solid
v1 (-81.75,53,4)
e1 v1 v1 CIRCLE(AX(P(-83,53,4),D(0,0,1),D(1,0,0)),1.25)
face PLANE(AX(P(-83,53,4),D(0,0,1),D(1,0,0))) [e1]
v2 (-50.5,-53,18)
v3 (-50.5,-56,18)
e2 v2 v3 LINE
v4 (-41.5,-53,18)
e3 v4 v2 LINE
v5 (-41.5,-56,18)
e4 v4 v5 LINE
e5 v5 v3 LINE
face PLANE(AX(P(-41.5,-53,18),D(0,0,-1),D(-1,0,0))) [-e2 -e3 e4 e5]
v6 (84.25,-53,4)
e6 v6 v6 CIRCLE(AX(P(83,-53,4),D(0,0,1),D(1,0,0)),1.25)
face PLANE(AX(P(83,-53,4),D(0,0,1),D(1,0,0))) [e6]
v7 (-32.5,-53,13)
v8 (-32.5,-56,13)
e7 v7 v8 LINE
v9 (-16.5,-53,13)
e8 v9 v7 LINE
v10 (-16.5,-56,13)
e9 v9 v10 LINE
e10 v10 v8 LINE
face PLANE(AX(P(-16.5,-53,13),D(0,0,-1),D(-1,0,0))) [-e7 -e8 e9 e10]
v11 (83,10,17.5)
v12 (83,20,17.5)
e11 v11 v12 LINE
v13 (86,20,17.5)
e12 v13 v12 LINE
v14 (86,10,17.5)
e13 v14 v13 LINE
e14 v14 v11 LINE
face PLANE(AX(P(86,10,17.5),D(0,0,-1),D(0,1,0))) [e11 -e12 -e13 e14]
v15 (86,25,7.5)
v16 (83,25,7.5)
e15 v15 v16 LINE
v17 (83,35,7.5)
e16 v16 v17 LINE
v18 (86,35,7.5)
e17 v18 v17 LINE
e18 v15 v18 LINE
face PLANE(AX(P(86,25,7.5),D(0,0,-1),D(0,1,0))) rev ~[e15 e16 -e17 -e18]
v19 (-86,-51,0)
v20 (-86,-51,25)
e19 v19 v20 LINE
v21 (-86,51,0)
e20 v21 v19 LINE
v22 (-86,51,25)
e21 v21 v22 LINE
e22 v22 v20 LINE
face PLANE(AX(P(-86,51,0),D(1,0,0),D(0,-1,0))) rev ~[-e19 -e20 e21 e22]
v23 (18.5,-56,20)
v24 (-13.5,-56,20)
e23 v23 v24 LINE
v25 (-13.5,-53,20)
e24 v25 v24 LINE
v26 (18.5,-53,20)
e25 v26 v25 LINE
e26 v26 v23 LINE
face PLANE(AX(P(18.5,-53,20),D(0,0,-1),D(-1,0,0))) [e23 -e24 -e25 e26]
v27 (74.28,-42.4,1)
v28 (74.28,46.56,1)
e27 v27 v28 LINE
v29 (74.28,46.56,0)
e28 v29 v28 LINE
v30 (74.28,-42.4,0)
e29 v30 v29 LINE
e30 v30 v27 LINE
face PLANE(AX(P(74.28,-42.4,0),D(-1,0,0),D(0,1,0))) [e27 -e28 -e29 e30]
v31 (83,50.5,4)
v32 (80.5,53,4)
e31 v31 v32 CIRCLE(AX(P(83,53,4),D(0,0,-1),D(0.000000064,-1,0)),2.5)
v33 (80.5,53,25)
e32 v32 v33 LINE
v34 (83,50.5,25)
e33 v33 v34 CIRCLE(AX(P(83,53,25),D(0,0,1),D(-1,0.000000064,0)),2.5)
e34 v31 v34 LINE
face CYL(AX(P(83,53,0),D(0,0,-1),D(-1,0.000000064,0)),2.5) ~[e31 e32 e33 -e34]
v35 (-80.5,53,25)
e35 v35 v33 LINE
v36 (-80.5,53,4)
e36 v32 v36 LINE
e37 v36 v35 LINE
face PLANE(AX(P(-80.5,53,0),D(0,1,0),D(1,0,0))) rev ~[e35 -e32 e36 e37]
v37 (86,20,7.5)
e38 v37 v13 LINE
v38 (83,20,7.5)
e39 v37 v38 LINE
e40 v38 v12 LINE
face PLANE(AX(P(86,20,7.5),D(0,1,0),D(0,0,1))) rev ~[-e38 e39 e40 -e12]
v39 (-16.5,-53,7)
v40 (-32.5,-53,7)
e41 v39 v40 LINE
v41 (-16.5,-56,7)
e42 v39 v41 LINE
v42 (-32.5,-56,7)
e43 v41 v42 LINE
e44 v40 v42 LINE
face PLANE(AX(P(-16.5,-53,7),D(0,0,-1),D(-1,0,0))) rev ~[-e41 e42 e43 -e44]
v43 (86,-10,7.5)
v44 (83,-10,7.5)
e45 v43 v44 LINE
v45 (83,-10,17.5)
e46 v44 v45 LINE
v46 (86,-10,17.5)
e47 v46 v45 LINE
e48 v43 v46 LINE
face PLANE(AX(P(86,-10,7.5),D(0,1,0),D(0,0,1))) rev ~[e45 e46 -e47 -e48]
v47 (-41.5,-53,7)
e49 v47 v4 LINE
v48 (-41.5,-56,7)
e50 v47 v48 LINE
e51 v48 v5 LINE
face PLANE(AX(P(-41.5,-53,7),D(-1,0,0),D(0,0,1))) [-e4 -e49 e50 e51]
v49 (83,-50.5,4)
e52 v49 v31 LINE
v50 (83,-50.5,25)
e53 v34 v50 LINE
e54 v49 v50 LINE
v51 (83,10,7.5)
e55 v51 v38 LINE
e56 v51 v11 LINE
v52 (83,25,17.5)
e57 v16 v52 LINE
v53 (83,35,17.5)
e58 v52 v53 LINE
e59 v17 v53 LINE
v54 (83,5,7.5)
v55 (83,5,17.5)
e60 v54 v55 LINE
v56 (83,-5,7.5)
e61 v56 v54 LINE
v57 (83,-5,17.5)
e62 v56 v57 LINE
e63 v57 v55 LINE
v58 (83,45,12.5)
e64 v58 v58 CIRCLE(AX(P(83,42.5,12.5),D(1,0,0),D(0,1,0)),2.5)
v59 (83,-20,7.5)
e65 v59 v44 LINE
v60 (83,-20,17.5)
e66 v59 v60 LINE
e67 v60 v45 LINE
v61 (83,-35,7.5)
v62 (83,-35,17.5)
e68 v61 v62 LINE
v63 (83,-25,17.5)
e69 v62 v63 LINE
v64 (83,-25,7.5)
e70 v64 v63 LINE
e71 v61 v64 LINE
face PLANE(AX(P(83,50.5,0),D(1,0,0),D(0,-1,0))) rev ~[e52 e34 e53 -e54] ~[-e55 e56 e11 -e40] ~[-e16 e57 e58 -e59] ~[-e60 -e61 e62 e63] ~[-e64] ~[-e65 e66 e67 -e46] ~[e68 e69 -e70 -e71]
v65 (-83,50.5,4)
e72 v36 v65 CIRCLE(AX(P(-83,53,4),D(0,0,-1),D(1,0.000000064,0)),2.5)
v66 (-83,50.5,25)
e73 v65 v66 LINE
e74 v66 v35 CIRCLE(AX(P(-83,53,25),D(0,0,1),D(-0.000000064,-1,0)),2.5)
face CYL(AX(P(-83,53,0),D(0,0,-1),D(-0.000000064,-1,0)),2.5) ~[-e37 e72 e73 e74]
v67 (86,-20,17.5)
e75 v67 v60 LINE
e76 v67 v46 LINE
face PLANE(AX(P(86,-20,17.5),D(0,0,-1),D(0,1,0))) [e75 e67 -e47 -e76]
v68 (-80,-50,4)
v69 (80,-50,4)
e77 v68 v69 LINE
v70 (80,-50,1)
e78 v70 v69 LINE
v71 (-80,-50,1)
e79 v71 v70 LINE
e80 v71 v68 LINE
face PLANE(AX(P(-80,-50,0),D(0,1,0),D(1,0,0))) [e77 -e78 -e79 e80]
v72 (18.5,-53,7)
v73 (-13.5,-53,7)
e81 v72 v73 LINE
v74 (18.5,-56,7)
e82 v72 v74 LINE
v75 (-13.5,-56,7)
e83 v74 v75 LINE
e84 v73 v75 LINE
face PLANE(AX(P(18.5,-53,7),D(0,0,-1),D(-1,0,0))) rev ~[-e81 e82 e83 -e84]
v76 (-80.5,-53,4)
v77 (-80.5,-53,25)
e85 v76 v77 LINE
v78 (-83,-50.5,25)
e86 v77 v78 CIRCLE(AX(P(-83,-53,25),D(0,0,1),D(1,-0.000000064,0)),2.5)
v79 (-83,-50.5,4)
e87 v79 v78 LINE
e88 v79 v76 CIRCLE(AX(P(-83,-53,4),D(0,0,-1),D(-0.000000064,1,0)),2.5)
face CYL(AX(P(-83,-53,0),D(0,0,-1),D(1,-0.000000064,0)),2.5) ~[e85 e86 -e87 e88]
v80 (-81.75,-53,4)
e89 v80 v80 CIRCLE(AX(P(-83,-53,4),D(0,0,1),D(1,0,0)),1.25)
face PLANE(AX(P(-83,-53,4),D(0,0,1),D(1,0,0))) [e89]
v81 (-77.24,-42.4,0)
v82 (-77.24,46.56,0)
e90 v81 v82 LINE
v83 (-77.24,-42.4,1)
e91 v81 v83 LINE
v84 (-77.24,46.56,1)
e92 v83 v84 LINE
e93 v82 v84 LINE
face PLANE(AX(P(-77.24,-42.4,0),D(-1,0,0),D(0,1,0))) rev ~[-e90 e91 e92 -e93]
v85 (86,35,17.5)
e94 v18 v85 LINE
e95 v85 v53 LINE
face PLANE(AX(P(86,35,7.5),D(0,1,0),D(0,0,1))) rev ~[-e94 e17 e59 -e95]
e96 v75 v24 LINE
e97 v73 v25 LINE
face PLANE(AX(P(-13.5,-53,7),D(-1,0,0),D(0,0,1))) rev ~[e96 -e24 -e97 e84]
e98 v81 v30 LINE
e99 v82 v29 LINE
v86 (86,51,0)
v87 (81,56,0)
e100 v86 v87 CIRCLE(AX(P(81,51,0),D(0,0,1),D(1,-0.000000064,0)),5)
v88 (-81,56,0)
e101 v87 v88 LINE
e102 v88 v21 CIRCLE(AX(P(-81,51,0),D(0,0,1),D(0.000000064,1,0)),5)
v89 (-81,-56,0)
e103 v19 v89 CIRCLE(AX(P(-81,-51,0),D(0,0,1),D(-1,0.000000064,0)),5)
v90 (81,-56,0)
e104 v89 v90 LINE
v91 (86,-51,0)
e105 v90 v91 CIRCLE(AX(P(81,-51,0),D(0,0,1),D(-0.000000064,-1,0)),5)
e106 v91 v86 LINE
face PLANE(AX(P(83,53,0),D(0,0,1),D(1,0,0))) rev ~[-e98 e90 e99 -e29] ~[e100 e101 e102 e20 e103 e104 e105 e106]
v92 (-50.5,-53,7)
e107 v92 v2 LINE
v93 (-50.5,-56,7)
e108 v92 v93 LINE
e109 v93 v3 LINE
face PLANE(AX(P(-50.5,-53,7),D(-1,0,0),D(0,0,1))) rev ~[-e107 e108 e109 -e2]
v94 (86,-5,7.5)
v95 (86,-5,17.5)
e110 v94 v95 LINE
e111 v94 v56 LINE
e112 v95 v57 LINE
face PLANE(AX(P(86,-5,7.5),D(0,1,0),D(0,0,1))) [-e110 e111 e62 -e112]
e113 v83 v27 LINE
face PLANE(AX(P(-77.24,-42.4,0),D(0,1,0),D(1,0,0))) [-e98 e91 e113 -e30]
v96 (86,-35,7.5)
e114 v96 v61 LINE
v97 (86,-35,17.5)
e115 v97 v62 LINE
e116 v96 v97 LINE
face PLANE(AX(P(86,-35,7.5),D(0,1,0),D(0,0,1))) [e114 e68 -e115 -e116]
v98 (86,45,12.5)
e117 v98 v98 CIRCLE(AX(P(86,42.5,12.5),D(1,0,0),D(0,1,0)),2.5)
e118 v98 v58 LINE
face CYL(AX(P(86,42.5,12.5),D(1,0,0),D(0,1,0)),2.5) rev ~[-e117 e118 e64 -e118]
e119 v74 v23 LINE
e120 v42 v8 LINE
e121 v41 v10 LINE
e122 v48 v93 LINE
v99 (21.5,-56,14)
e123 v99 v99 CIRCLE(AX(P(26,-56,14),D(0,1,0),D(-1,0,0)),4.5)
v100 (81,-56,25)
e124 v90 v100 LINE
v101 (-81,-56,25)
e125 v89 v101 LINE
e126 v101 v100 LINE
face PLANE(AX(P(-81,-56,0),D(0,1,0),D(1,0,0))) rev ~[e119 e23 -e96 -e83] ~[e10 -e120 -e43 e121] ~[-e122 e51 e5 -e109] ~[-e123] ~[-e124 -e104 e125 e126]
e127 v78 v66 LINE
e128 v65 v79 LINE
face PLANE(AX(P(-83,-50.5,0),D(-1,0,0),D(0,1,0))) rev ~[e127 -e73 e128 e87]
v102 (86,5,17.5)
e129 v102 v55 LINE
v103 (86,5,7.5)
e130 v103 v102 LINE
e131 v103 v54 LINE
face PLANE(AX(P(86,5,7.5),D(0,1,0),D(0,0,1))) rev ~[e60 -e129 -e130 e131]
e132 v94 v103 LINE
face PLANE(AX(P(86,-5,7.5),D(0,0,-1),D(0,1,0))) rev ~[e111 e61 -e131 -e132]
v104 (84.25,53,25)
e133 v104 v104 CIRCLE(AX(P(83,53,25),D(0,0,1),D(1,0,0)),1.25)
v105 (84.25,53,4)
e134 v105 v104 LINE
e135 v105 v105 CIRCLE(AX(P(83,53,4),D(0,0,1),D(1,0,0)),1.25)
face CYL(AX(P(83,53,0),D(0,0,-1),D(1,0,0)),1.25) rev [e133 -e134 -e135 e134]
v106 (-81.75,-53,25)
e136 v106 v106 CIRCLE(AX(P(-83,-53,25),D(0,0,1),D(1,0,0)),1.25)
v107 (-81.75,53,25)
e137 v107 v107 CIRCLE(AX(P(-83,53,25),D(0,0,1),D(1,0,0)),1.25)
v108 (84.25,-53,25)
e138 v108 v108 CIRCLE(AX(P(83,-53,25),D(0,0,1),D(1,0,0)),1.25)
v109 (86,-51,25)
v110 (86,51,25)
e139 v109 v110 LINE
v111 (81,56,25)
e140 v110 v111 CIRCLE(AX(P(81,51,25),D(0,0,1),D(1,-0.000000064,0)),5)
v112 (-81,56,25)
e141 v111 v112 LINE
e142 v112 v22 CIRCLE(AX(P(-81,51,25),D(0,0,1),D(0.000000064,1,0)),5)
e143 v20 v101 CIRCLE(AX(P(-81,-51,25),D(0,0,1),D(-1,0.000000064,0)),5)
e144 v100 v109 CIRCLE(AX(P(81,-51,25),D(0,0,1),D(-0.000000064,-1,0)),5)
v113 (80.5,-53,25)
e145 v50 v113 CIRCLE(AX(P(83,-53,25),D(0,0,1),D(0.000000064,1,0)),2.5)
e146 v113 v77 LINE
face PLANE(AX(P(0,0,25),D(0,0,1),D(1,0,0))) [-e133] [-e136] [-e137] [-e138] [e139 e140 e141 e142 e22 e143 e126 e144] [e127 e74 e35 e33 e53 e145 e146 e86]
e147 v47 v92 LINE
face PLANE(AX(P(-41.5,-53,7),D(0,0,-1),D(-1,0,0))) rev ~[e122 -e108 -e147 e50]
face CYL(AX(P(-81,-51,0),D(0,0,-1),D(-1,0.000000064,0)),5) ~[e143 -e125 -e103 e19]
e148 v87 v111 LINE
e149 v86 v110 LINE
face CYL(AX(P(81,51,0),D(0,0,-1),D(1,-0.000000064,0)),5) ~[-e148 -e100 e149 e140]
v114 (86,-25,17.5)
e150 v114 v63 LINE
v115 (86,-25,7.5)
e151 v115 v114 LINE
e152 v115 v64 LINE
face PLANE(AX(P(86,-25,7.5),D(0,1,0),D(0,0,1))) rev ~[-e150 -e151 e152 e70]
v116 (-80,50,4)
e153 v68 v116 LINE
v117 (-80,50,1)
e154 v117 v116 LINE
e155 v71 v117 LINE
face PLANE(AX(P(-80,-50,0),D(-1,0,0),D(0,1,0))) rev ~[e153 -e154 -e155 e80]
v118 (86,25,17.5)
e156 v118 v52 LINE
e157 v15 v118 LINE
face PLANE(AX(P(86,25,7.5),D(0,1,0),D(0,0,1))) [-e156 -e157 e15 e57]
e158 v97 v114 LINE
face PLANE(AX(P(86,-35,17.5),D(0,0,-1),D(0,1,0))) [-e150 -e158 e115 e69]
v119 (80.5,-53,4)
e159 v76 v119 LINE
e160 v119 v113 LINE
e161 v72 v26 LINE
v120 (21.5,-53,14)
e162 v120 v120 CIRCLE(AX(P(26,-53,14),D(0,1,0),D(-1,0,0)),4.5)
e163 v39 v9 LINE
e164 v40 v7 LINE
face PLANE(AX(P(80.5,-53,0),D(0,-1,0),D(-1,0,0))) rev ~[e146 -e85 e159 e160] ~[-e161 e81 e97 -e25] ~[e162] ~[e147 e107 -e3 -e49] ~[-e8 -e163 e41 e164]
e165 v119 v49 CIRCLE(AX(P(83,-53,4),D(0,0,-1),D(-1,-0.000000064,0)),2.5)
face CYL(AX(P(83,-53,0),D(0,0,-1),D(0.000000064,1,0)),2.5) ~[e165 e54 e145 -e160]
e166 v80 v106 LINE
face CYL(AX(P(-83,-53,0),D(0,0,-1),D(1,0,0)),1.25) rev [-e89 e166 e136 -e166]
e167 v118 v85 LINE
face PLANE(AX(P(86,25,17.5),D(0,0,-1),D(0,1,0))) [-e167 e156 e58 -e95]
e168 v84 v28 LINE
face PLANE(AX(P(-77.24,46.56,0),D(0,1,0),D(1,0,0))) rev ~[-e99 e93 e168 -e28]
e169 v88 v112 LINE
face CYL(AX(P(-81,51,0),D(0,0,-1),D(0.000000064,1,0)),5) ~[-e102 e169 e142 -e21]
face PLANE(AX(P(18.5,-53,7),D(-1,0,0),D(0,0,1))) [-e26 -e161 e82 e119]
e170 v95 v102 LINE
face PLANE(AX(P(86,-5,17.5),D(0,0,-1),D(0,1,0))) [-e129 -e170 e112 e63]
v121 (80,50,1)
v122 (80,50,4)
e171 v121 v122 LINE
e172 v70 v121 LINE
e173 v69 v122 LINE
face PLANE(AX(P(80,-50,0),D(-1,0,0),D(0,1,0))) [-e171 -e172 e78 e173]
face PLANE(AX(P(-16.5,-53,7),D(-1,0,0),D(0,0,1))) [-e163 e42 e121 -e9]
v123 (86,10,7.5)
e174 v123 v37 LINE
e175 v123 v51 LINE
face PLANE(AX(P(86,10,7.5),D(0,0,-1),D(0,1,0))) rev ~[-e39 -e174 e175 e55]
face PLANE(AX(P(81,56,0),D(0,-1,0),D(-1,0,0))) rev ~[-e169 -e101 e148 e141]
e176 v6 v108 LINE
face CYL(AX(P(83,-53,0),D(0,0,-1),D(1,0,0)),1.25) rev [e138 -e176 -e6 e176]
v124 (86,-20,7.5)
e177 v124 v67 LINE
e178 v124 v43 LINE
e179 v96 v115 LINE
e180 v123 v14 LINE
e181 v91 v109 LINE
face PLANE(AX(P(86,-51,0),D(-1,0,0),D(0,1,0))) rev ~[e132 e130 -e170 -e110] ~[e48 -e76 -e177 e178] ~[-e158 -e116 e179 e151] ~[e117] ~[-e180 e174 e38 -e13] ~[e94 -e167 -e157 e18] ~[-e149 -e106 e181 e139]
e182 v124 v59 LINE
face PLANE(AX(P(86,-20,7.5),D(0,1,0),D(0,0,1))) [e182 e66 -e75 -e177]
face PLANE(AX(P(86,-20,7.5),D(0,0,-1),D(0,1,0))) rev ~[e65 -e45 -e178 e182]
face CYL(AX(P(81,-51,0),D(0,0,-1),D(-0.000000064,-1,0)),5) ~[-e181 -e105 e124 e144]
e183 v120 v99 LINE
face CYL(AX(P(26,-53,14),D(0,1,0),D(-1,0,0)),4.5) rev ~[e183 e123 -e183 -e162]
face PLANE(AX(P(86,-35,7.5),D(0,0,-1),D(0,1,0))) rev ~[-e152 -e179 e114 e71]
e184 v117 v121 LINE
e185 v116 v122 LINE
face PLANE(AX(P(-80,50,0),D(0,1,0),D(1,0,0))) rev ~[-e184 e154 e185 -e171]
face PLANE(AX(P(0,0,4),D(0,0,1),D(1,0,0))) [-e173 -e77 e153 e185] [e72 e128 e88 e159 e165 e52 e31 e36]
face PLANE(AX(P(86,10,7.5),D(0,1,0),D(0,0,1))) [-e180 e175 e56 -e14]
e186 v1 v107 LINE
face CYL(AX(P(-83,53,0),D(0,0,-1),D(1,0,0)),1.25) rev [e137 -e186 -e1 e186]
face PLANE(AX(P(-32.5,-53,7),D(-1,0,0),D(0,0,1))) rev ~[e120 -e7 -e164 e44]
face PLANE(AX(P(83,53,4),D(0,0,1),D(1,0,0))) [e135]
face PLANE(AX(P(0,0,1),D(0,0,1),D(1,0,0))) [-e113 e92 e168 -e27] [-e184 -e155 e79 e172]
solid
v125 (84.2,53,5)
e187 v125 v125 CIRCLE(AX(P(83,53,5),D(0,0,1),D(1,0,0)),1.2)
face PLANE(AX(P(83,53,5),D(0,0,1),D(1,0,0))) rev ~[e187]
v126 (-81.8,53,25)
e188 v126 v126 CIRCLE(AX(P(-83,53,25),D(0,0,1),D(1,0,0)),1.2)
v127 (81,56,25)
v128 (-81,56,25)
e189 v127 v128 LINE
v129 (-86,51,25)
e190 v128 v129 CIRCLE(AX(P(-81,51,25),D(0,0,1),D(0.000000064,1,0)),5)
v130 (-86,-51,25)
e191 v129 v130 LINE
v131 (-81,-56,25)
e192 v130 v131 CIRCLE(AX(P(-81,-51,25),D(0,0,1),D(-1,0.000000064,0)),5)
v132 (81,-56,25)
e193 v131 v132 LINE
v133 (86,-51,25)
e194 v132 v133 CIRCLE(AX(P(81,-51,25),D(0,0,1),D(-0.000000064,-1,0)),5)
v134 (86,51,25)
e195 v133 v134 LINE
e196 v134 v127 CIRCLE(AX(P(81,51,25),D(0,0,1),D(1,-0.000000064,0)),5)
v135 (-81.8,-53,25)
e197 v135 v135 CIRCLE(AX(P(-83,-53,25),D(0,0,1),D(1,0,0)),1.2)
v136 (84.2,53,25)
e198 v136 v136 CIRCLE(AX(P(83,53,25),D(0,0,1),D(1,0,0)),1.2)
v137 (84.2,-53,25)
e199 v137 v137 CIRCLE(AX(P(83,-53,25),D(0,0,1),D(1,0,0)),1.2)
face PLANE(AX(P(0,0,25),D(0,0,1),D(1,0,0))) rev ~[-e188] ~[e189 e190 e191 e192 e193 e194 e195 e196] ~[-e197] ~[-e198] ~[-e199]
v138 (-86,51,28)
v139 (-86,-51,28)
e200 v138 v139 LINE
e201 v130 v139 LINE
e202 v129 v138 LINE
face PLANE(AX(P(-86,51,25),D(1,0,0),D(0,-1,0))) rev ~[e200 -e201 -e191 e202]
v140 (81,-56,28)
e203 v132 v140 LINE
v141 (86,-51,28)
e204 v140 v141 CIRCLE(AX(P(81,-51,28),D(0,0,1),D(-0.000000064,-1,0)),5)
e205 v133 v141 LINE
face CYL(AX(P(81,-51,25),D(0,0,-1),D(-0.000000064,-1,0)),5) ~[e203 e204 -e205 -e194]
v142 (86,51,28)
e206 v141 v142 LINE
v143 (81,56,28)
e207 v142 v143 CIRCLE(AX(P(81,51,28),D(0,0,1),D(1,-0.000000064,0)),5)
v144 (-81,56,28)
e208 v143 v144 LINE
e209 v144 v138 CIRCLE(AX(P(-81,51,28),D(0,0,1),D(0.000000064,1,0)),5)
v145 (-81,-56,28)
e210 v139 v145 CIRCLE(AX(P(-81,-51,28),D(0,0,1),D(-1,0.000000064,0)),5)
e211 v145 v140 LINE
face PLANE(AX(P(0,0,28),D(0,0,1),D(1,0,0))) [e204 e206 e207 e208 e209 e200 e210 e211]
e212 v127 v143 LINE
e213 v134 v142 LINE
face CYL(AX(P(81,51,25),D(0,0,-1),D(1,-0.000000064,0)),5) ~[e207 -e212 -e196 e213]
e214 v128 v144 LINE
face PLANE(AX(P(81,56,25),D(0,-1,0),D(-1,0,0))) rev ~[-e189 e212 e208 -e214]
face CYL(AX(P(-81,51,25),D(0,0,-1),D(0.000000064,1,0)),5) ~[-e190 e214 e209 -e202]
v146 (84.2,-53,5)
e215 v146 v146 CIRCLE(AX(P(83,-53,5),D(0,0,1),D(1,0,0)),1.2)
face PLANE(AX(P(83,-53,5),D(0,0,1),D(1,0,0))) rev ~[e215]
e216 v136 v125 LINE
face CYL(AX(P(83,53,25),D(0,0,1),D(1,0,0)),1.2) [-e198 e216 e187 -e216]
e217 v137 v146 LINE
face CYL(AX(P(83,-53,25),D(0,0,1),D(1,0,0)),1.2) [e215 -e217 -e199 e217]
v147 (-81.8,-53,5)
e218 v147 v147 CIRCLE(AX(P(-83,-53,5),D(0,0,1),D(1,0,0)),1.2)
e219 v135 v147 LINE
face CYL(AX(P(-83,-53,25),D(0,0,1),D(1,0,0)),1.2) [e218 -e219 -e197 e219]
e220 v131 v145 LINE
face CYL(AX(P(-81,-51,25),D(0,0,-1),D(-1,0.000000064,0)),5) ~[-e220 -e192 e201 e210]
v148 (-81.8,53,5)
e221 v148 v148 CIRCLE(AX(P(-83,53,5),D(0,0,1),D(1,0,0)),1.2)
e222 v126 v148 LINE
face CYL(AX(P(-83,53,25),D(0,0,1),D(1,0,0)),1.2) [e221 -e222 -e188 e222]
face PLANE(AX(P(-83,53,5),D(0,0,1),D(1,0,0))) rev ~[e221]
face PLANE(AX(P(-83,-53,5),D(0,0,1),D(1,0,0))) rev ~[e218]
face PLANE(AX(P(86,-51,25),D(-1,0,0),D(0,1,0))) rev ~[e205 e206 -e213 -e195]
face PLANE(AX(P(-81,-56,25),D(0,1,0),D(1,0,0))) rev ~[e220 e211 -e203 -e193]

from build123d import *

# Parameters (mm, degrees)
F0_W      = 160
F0_H      = 100
F0_W_2    = 151.52
F0_H_2    = 88.96
F1_DEPTH  = 1
F2_DEPTH  = 4
F0_R      = 1.25
F3_DEPTH  = 25
F4_DEPTH  = 4
F5_DEPTH  = 4
F6_DEPTH  = 4
F7_DEPTH  = 4
F8_W      = 9
F8_H      = 11
F8_W_2    = 16
F8_H_2    = 6
F8_W_3    = 32
F8_H_3    = 13
F8_R      = 4.5
F9_DEPTH  = 25
F11_R     = 1.2
F12_DEPTH = 3
F13_DEPTH = 20
F14_W     = 10
F14_H     = 10
F14_R     = 2.5
F15_DEPTH = 25


with BuildPart() as f1:
    # F0 (on Top) → F1 (new body)
    with BuildSketch(Plane.XY):
        Rectangle(F0_W, F0_H)
        with Locations((-1.48, 2.08)):
            Rectangle(F0_W_2, F0_H_2, mode=Mode.SUBTRACT)
    extrude(amount=F1_DEPTH)

    # F0 (on Top) → F2 (join)
    with BuildSketch(Plane.XY):
        with BuildLine():
            Line((80.5, 53), (-80.5, 53))
            ThreePointArc((-80.5, 53), (-81.232233, 51.232233), (-83, 50.5))
            Line((-83, 50.5), (-83, -50.5))
            ThreePointArc((-83, -50.5), (-81.232233, -51.232233), (-80.5, -53))
            Line((-80.5, -53), (80.5, -53))
            ThreePointArc((80.5, -53), (81.232233, -51.232233), (83, -50.5))
            Line((83, -50.5), (83, 50.5))
            ThreePointArc((83, 50.5), (81.232233, 51.232233), (80.5, 53))
        make_face()
        Rectangle(F0_W, F0_H, mode=Mode.SUBTRACT)
    extrude(amount=F2_DEPTH)

    # F0 (on Top) → F3 (join)
    with BuildSketch(Plane.XY):
        with BuildLine():
            Line((81, 56), (-81, 56))
            ThreePointArc((-81, 56), (-84.535534, 54.535534), (-86, 51))
            Line((-86, 51), (-86, -51))
            ThreePointArc((-86, -51), (-84.535534, -54.535534), (-81, -56))
            Line((-81, -56), (81, -56))
            ThreePointArc((81, -56), (84.535534, -54.535534), (86, -51))
            Line((86, -51), (86, 51))
            ThreePointArc((86, 51), (84.535534, 54.535534), (81, 56))
        make_face()
        with Locations((-83, -53)):
            Circle(F0_R, mode=Mode.SUBTRACT)
        with Locations((83, -53)):
            Circle(F0_R, mode=Mode.SUBTRACT)
        with Locations((-83, 53)):
            Circle(F0_R, mode=Mode.SUBTRACT)
        with BuildLine():
            ThreePointArc((-83, 50.5), (-81.232233, 51.232233), (-80.5, 53))
            Line((-80.5, 53), (80.5, 53))
            ThreePointArc((80.5, 53), (81.232233, 51.232233), (83, 50.5))
            Line((83, 50.5), (83, -50.5))
            ThreePointArc((83, -50.5), (81.232233, -51.232233), (80.5, -53))
            Line((80.5, -53), (-80.5, -53))
            ThreePointArc((-80.5, -53), (-81.232233, -51.232233), (-83, -50.5))
            Line((-83, -50.5), (-83, 50.5))
        make_face(mode=Mode.SUBTRACT)
        with Locations((83, 53)):
            Circle(F0_R, mode=Mode.SUBTRACT)
    extrude(amount=F3_DEPTH)

    # F0 (on Top) → F4 (join)
    with BuildSketch(Plane.XY):
        with Locations((-83, 53)):
            Circle(F0_R)
    extrude(amount=F4_DEPTH)

    # F0 (on Top) → F5 (join)
    with BuildSketch(Plane.XY):
        with Locations((-83, -53)):
            Circle(F0_R)
    extrude(amount=F5_DEPTH)

    # F0 (on Top) → F6 (join)
    with BuildSketch(Plane.XY):
        with Locations((83, -53)):
            Circle(F0_R)
    extrude(amount=F6_DEPTH)

    # F0 (on Top) → F7 (join)
    with BuildSketch(Plane.XY):
        with Locations((83, 53)):
            Circle(F0_R)
    extrude(amount=F7_DEPTH)

    # F8 (on face) → F9 (cut)
    with BuildSketch(Plane(origin=(0, -53, 0), x_dir=(-1, 0, 0), z_dir=(0, 1, 0))):
        with Locations((46, 12.5)):
            Rectangle(F8_W, F8_H)
        with Locations((24.5, 10)):
            Rectangle(F8_W_2, F8_H_2)
        with Locations((-2.5, 13.5)):
            Rectangle(F8_W_3, F8_H_3)
        with Locations((-26, 14)):
            Circle(F8_R)
    extrude(amount=-F9_DEPTH, mode=Mode.SUBTRACT)

    # F14 (on face) → F15 (cut)
    with BuildSketch(Plane.YZ.offset(86)):
        with Locations((-30, 12.5)):
            Rectangle(F14_W, F14_H)
        with Locations((-15, 12.5)):
            Rectangle(F14_W, F14_H)
        with Locations((0, 12.5)):
            Rectangle(F14_W, F14_H)
        with Locations((15, 12.5)):
            Rectangle(F14_W, F14_H)
        with Locations((30, 12.5)):
            Rectangle(F14_W, F14_H)
        with Locations((42.5, 12.5)):
            Circle(F14_R)
    extrude(amount=-F15_DEPTH, mode=Mode.SUBTRACT)


with BuildPart() as f12:
    # F11 (on offset) → F12 (new body)
    with BuildSketch(Plane.XY.offset(25)):
        with BuildLine():
            ThreePointArc((86, 51), (84.535534, 54.535534), (81, 56))
            Line((81, 56), (-81, 56))
            ThreePointArc((-81, 56), (-84.535534, 54.535534), (-86, 51))
            Line((-86, 51), (-86, -51))
            ThreePointArc((-86, -51), (-84.535534, -54.535534), (-81, -56))
            Line((-81, -56), (81, -56))
            ThreePointArc((81, -56), (84.535534, -54.535534), (86, -51))
            Line((86, -51), (86, 51))
        make_face()
        with Locations((-83, -53)):
            Circle(F11_R, mode=Mode.SUBTRACT)
        with Locations((83, -53)):
            Circle(F11_R, mode=Mode.SUBTRACT)
        with Locations((-83, 53)):
            Circle(F11_R, mode=Mode.SUBTRACT)
        with Locations((83, 53)):
            Circle(F11_R, mode=Mode.SUBTRACT)
        with Locations((-83, -53)):
            Circle(F11_R)
        with Locations((83, -53)):
            Circle(F11_R)
        with Locations((83, 53)):
            Circle(F11_R)
        with Locations((-83, 53)):
            Circle(F11_R)
    extrude(amount=F12_DEPTH)

    # F11 (on offset) → F13 (join)
    with BuildSketch(Plane.XY.offset(25)):
        with Locations((-83, 53)):
            Circle(F11_R)
        with Locations((83, 53)):
            Circle(F11_R)
        with Locations((83, -53)):
            Circle(F11_R)
        with Locations((-83, -53)):
            Circle(F11_R)
    extrude(amount=-F13_DEPTH)


solid = Compound([f1.part, f12.part])
